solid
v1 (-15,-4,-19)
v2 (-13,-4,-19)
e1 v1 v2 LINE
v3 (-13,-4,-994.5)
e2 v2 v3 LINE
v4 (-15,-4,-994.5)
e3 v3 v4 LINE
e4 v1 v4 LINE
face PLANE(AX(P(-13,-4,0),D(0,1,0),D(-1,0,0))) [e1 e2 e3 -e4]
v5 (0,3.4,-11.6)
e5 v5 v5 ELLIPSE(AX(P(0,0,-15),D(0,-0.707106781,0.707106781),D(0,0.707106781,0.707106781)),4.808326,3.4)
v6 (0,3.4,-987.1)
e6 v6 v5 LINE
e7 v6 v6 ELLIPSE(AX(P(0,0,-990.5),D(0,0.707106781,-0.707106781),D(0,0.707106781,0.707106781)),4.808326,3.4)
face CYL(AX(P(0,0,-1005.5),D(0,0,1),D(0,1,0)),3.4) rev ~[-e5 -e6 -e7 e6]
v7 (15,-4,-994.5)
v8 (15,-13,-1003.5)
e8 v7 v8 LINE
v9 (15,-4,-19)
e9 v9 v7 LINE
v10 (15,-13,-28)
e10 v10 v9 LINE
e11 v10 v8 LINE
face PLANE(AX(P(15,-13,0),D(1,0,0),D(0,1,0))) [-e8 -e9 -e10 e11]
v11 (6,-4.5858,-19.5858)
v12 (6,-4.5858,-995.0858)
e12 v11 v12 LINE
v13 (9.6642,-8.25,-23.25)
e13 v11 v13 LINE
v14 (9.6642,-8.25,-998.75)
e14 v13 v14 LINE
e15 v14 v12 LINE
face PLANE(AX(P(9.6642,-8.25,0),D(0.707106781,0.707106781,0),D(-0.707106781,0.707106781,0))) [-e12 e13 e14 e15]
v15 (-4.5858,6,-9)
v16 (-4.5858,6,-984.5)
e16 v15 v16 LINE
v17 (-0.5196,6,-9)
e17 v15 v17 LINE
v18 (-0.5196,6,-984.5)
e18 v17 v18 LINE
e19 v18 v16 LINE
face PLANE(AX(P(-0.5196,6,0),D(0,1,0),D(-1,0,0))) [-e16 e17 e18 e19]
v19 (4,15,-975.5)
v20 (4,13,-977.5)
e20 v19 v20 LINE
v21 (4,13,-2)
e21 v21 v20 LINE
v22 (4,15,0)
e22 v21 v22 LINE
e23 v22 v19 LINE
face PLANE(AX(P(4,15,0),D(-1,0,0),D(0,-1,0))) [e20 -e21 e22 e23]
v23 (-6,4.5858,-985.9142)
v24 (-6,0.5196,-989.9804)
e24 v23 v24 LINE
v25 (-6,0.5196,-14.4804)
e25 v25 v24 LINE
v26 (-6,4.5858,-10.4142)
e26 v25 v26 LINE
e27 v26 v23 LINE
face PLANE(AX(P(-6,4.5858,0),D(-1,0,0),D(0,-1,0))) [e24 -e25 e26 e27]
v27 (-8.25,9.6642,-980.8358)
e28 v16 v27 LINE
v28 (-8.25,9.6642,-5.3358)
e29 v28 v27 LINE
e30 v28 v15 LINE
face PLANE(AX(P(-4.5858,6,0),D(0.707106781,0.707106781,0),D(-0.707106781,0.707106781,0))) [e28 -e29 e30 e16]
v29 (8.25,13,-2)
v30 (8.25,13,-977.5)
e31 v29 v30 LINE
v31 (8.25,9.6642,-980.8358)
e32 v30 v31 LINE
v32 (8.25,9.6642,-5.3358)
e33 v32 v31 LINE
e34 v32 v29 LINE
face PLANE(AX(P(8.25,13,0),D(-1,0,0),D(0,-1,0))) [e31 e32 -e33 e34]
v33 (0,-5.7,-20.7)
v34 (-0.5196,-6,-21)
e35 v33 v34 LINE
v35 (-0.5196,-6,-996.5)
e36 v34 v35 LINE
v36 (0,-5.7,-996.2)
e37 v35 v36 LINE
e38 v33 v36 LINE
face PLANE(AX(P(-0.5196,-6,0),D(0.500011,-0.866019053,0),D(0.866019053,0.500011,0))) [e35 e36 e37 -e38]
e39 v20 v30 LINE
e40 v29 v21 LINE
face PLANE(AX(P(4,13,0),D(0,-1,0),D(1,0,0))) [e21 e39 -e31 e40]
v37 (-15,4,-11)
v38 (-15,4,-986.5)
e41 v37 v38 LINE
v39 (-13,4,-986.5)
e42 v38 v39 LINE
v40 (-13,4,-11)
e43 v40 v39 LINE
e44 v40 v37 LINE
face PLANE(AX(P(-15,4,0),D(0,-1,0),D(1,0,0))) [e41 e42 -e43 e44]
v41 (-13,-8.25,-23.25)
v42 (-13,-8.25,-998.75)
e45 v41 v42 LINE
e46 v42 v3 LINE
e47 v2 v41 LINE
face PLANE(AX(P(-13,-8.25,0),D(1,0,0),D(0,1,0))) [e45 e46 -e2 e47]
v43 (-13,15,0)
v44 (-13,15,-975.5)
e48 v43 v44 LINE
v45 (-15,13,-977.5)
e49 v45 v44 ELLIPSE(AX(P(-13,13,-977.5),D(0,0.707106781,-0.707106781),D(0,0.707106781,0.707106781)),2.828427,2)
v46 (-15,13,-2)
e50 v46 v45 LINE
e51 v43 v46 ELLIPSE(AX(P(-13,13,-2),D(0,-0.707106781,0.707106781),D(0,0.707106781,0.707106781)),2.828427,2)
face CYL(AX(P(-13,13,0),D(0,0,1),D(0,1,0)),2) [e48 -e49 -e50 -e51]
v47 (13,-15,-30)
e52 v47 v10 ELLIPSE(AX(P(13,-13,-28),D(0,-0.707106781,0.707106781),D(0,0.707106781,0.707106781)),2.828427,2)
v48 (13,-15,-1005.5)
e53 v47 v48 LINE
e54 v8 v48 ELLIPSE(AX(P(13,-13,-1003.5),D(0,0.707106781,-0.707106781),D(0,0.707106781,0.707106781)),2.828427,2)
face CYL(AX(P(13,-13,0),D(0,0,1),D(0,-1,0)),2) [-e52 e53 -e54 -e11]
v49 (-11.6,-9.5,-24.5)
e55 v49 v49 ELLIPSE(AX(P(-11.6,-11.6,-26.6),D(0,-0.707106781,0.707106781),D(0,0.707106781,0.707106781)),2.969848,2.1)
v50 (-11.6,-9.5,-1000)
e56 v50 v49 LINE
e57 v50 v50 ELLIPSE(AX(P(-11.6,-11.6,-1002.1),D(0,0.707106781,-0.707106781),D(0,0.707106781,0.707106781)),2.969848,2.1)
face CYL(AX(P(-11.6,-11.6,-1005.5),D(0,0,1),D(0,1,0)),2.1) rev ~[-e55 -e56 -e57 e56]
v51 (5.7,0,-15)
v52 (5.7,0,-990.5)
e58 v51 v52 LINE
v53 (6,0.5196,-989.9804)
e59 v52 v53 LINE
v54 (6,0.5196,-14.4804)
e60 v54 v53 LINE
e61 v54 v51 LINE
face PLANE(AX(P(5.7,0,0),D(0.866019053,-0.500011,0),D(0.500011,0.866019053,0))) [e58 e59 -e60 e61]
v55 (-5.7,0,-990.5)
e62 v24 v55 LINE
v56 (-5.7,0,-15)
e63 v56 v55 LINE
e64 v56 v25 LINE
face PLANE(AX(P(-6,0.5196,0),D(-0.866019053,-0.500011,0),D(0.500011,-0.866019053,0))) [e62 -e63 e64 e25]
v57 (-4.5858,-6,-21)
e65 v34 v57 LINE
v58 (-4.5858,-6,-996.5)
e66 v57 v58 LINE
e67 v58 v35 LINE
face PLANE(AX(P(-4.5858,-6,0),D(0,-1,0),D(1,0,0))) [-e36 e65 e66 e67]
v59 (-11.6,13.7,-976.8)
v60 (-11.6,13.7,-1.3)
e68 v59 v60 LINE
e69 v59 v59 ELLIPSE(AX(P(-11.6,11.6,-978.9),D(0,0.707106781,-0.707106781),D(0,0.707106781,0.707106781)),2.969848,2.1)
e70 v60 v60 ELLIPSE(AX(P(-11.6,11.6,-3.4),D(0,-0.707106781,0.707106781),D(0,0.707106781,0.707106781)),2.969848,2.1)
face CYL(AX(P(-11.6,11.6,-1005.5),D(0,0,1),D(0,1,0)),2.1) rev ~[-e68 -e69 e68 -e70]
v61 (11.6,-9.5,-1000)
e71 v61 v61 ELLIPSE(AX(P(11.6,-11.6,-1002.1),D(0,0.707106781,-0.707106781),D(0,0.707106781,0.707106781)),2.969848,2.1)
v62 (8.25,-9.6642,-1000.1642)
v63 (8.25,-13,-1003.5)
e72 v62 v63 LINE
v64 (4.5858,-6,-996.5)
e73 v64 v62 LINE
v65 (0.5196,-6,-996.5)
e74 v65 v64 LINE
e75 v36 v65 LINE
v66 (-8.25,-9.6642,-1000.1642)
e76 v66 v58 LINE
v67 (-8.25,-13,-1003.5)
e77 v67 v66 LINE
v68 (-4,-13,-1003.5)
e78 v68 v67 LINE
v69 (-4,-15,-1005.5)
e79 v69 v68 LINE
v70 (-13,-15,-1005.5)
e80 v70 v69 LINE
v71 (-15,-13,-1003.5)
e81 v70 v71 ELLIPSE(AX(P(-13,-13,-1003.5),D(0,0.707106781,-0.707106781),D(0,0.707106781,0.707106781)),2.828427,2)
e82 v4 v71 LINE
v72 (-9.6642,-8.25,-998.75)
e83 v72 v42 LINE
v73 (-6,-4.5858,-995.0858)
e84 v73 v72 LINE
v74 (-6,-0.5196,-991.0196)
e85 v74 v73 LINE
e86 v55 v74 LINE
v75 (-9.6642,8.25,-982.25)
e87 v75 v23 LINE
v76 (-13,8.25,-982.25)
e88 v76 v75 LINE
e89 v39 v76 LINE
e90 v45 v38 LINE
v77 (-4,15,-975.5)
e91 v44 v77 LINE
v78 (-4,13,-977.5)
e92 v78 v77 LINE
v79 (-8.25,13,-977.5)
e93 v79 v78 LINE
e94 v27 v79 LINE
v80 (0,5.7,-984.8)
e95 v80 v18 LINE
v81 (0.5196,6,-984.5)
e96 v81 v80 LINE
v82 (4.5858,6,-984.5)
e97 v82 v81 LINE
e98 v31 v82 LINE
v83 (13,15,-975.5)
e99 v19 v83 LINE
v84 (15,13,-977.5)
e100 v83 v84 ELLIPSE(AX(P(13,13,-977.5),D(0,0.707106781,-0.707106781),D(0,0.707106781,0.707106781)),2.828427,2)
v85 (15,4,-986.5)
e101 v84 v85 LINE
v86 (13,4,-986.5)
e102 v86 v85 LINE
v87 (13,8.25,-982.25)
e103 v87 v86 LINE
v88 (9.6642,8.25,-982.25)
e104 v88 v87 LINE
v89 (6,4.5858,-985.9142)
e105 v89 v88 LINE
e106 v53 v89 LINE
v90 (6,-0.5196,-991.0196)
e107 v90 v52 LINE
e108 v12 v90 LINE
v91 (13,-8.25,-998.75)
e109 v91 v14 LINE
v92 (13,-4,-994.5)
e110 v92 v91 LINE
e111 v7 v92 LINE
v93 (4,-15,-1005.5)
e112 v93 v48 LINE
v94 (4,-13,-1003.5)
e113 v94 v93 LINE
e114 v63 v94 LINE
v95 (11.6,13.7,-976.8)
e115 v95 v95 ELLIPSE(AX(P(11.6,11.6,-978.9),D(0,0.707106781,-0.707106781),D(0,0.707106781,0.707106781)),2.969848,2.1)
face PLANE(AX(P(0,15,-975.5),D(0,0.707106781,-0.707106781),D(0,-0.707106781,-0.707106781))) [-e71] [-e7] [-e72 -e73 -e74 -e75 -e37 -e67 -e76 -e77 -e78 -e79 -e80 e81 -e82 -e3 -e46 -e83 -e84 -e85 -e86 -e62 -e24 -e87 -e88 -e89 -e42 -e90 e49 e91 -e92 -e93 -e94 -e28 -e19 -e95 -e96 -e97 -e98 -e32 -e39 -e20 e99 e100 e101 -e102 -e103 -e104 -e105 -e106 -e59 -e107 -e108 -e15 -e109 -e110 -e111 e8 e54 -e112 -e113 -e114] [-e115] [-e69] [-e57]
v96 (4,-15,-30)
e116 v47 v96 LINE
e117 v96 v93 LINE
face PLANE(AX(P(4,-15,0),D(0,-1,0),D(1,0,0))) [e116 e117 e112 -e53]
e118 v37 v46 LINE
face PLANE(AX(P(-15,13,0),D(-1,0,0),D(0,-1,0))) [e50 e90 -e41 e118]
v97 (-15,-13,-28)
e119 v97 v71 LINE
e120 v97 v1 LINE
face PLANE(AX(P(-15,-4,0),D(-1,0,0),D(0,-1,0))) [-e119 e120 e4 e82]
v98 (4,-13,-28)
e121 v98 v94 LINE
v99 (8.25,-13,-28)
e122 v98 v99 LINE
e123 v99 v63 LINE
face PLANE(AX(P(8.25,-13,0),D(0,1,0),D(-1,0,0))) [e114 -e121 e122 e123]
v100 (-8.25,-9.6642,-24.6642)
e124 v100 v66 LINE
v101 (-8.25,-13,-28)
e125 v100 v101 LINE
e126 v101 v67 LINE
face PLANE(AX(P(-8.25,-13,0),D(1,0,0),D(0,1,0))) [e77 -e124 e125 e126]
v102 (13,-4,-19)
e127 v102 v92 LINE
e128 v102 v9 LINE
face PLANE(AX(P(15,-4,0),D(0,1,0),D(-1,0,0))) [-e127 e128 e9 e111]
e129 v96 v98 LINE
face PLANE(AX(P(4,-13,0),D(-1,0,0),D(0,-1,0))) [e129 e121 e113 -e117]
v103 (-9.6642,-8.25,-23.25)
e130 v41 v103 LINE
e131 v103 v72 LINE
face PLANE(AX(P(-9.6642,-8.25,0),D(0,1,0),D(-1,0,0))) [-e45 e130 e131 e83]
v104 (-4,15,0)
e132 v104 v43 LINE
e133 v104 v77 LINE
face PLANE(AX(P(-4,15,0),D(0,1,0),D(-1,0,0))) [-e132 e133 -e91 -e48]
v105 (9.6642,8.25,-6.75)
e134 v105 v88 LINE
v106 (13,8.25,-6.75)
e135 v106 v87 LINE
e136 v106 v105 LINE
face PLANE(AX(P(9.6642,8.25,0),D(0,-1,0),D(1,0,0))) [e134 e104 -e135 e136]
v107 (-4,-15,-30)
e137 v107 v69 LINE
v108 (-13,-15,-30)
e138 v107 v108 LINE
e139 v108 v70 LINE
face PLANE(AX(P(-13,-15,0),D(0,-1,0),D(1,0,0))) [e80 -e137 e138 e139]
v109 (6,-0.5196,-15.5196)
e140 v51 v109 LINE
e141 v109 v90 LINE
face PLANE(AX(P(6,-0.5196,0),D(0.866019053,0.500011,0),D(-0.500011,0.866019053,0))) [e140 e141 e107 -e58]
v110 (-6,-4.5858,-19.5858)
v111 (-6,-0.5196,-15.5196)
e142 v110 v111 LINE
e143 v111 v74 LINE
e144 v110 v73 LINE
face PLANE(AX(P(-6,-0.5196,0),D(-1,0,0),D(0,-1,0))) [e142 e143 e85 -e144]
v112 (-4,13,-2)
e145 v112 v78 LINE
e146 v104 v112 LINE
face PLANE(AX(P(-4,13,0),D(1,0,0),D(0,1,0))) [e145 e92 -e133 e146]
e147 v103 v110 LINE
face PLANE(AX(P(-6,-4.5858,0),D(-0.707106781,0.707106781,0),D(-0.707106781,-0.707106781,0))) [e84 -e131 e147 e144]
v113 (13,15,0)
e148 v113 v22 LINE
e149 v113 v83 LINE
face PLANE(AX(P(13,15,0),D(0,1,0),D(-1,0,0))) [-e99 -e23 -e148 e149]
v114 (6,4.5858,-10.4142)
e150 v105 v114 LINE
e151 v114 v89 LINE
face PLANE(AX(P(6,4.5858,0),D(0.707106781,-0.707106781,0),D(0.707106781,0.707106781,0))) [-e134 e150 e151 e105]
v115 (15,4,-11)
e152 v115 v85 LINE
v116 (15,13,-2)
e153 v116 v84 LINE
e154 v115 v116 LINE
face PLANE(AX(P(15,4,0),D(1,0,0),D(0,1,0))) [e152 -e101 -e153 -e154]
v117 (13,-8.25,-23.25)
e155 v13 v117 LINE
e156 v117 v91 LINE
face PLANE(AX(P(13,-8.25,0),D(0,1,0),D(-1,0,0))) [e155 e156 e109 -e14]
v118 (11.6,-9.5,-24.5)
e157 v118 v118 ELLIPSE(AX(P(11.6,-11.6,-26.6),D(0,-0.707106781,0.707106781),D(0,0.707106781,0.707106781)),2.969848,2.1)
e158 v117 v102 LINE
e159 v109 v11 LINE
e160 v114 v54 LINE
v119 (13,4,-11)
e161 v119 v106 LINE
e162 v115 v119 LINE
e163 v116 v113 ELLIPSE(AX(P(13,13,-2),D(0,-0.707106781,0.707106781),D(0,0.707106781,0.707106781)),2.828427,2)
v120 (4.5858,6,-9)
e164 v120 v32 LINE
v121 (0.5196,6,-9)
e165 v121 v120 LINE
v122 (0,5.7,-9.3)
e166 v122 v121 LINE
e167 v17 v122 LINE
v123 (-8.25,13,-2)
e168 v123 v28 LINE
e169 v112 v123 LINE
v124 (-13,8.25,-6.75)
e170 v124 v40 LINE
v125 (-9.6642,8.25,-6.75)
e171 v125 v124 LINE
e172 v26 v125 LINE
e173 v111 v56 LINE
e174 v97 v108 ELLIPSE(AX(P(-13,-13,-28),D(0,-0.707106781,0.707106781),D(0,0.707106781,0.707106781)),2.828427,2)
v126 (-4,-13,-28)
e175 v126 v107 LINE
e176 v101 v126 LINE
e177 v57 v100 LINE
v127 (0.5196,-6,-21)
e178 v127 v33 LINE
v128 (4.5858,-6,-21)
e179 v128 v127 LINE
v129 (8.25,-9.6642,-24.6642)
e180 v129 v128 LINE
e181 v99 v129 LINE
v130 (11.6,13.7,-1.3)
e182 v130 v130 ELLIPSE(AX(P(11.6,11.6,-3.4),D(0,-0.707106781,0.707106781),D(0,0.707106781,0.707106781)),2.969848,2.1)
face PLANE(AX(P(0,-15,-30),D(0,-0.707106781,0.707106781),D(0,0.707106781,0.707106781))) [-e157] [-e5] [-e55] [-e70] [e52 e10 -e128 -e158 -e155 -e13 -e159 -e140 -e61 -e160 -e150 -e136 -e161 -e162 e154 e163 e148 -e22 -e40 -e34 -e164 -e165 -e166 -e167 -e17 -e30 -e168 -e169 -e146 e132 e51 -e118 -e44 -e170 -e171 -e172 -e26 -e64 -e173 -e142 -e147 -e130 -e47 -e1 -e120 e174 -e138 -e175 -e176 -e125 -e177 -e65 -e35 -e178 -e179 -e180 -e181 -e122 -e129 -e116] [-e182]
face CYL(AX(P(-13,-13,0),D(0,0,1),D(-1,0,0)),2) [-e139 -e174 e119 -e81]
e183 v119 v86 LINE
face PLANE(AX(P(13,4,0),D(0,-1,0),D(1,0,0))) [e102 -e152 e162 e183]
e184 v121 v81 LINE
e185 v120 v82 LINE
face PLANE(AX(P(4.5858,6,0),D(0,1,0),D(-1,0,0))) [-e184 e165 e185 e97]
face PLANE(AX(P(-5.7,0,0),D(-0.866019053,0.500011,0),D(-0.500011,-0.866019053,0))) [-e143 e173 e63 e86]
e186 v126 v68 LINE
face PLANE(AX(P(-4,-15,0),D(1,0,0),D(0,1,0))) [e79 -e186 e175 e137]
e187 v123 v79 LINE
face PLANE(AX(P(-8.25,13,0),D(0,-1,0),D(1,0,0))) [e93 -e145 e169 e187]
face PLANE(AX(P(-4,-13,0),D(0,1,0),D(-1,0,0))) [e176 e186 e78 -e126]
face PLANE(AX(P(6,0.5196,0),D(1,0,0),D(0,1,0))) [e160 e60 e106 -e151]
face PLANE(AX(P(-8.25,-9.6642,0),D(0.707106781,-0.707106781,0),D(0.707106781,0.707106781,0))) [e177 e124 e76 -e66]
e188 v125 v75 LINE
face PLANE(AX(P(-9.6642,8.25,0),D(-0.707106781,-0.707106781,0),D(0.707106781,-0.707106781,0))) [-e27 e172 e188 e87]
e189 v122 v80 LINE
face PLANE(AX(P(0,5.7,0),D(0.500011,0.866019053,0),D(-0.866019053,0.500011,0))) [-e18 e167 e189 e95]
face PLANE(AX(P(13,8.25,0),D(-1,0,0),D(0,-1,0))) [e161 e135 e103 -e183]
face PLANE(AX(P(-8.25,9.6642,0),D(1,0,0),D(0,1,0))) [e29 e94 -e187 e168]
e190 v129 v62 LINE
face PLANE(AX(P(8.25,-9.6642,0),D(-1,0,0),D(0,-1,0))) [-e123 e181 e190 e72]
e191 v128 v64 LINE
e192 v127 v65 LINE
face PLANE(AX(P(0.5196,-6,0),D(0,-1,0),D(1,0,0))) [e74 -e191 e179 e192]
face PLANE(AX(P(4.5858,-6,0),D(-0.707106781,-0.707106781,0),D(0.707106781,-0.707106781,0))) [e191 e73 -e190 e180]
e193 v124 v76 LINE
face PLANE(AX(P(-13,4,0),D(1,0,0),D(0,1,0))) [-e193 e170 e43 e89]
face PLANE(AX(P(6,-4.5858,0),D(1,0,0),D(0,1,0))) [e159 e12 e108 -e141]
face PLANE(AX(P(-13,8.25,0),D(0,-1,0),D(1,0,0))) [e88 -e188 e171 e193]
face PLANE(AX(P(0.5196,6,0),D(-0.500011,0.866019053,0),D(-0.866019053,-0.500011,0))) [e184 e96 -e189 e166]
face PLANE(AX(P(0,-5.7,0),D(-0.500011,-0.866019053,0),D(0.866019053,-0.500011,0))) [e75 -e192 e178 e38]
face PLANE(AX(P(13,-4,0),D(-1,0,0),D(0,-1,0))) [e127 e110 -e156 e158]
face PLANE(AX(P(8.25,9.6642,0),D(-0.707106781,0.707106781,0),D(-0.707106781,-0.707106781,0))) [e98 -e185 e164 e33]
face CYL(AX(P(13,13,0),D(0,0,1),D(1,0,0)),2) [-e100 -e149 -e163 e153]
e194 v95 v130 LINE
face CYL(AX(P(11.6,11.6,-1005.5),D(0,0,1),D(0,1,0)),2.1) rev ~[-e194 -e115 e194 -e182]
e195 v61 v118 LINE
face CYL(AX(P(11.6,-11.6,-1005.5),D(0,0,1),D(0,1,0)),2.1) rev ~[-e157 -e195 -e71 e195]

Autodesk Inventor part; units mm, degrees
sketch "Sketch_1" plane through (0, 0, 0) normal (0, 0, 1) x (1, 0, 0)
  line L0 (-15, -4) -> (-15, -13)
  arc A0 (-15, -13) -> (-13, -15) centre (-13, -13) ccw
  line L1 (-13, -15) -> (-4, -15)
  line L2 (-4, -15) -> (-4, -13)
  line L3 (-4, -13) -> (-8.25, -13)
  line L4 (-8.25, -13) -> (-8.25, -9.6642)
  line L5 (-8.25, -9.6642) -> (-4.5858, -6)
  line L6 (-4.5858, -6) -> (-0.5196, -6)
  line L7 (-0.5196, -6) -> (0, -5.7)
  line L8 (0, -5.7) -> (0.5196, -6)
  line L9 (0.5196, -6) -> (4.5858, -6)
  line L10 (4.5858, -6) -> (8.25, -9.6642)
  line L11 (8.25, -9.6642) -> (8.25, -13)
  line L12 (8.25, -13) -> (4, -13)
  line L13 (4, -13) -> (4, -15)
  line L14 (4, -15) -> (13, -15)
  arc A1 (13, -15) -> (15, -13) centre (13, -13) ccw
  line L15 (15, -13) -> (15, -4)
  line L16 (15, -4) -> (13, -4)
  line L17 (13, -4) -> (13, -8.25)
  line L18 (13, -8.25) -> (9.6642, -8.25)
  line L19 (9.6642, -8.25) -> (6, -4.5858)
  line L20 (6, -4.5858) -> (6, -0.5196)
  line L21 (6, -0.5196) -> (5.7, 0)
  line L22 (5.7, 0) -> (6, 0.5196)
  line L23 (6, 0.5196) -> (6, 4.5858)
  line L24 (6, 4.5858) -> (9.6642, 8.25)
  line L25 (9.6642, 8.25) -> (13, 8.25)
  line L26 (13, 8.25) -> (13, 4)
  line L27 (13, 4) -> (15, 4)
  line L28 (15, 4) -> (15, 13)
  arc A2 (15, 13) -> (13, 15) centre (13, 13) ccw
  line L29 (13, 15) -> (4, 15)
  line L30 (4, 15) -> (4, 13)
  line L31 (4, 13) -> (8.25, 13)
  line L32 (8.25, 13) -> (8.25, 9.6642)
  line L33 (8.25, 9.6642) -> (4.5858, 6)
  line L34 (4.5858, 6) -> (0.5196, 6)
  line L35 (0.5196, 6) -> (0, 5.7)
  line L36 (0, 5.7) -> (-0.5196, 6)
  line L37 (-0.5196, 6) -> (-4.5858, 6)
  line L38 (-4.5858, 6) -> (-8.25, 9.6642)
  line L39 (-8.25, 9.6642) -> (-8.25, 13)
  line L40 (-8.25, 13) -> (-4, 13)
  line L41 (-4, 13) -> (-4, 15)
  line L42 (-4, 15) -> (-13, 15)
  arc A3 (-13, 15) -> (-15, 13) centre (-13, 13) ccw
  line L43 (-15, 13) -> (-15, 4)
  line L44 (-15, 4) -> (-13, 4)
  line L45 (-13, 4) -> (-13, 8.25)
  line L46 (-13, 8.25) -> (-9.6642, 8.25)
  line L47 (-9.6642, 8.25) -> (-6, 4.5858)
  line L48 (-6, 4.5858) -> (-6, 0.5196)
  line L49 (-6, 0.5196) -> (-5.7, 0)
  line L50 (-5.7, 0) -> (-6, -0.5196)
  line L51 (-6, -0.5196) -> (-6, -4.5858)
  line L52 (-6, -4.5858) -> (-9.6642, -8.25)
  line L53 (-9.6642, -8.25) -> (-13, -8.25)
  line L54 (-13, -8.25) -> (-13, -4)
  line L55 (-13, -4) -> (-15, -4)
extrude "Extrusion1" add sketch "Sketch_1" against normal blind 1005.5
sketch "Sketch2" plane through (0, 0, -1005.5) normal (0, 0, -1) x (-1, 0, 0)
  point P0 (0, 0)
hole "Hole1" at (0, 0, -1005.5) direction (0, 0, 1) diameter 6.8 depth 1005.5
sketch "Sketch3" plane through (0, 0, -1005.5) normal (0, 0, -1) x (-1, 0, 0)
  point P0 (-11.6, 11.6)
hole "Hole2" at (11.6, 11.6, -1005.5) direction (0, 0, 1) diameter 4.2 depth 1005.5
pattern_linear "Rectangular Pattern1" count 2 spacing 23.2 along (-1, 0, 0) count 2 spacing 23.2 along (0, -1, 0) of "Hole2"
sketch "Sketch_5" plane through (0, 0, 0) normal (1, 0, 0) x (0, 0, -1)
  line L0 (0, 15) -> (0, -15)
  line L1 (0, -15) -> (30, -15)
  line L2 (30, -15) -> (0, 15)
extrude "Extrusion2" cut sketch "Sketch_5" along normal mid plane 30
sketch "Sketch_8" plane through (0, 0, 0) normal (1, 0, 0) x (0, 0, -1)
  line L0 (975.5, 15) -> (1005.5, -15)
  line L1 (1005.5, -15) -> (1005.5, 15)
  line L2 (1005.5, 15) -> (975.5, 15)
extrude "Extrusion3" cut sketch "Sketch_8" along normal mid plane 30
ref_plane "C1_XY" through (0, 0, 0) normal (0, 0, 1) x (1, 0, 0)
ref_plane "C1_YZ" through (0, 0, 0) normal (1, 0, 0) x (0, 1, 0)
ref_plane "C1_ZX" through (0, 0, 0) normal (0, 1, 0) x (0, 0, 1)
ref_plane "to_frame_cap1_XY" through (0, 0, 0) normal (0, 0, 1) x (1, 0, 0)
ref_plane "to_frame_cap1_YZ" through (0, 0, 0) normal (1, 0, 0) x (0, 1, 0)
ref_plane "to_frame_cap1_ZX" through (0, 0, 0) normal (0, 1, 0) x (0, 0, 1)
ref_plane "to_frame_cap2_XY" through (0, 0, -1005.5) normal (0, 0, -1) x (1, 0, 0)
ref_plane "to_frame_cap2_YZ" through (0, 0, -1005.5) normal (1, 0, 0) x (0, -1, 0)
ref_plane "to_frame_cap2_ZX" through (0, 0, -1005.5) normal (0, -1, 0) x (0, 0, -1)
properties part number "HFS6-3030-1005.5-LAT45-RCT45"
